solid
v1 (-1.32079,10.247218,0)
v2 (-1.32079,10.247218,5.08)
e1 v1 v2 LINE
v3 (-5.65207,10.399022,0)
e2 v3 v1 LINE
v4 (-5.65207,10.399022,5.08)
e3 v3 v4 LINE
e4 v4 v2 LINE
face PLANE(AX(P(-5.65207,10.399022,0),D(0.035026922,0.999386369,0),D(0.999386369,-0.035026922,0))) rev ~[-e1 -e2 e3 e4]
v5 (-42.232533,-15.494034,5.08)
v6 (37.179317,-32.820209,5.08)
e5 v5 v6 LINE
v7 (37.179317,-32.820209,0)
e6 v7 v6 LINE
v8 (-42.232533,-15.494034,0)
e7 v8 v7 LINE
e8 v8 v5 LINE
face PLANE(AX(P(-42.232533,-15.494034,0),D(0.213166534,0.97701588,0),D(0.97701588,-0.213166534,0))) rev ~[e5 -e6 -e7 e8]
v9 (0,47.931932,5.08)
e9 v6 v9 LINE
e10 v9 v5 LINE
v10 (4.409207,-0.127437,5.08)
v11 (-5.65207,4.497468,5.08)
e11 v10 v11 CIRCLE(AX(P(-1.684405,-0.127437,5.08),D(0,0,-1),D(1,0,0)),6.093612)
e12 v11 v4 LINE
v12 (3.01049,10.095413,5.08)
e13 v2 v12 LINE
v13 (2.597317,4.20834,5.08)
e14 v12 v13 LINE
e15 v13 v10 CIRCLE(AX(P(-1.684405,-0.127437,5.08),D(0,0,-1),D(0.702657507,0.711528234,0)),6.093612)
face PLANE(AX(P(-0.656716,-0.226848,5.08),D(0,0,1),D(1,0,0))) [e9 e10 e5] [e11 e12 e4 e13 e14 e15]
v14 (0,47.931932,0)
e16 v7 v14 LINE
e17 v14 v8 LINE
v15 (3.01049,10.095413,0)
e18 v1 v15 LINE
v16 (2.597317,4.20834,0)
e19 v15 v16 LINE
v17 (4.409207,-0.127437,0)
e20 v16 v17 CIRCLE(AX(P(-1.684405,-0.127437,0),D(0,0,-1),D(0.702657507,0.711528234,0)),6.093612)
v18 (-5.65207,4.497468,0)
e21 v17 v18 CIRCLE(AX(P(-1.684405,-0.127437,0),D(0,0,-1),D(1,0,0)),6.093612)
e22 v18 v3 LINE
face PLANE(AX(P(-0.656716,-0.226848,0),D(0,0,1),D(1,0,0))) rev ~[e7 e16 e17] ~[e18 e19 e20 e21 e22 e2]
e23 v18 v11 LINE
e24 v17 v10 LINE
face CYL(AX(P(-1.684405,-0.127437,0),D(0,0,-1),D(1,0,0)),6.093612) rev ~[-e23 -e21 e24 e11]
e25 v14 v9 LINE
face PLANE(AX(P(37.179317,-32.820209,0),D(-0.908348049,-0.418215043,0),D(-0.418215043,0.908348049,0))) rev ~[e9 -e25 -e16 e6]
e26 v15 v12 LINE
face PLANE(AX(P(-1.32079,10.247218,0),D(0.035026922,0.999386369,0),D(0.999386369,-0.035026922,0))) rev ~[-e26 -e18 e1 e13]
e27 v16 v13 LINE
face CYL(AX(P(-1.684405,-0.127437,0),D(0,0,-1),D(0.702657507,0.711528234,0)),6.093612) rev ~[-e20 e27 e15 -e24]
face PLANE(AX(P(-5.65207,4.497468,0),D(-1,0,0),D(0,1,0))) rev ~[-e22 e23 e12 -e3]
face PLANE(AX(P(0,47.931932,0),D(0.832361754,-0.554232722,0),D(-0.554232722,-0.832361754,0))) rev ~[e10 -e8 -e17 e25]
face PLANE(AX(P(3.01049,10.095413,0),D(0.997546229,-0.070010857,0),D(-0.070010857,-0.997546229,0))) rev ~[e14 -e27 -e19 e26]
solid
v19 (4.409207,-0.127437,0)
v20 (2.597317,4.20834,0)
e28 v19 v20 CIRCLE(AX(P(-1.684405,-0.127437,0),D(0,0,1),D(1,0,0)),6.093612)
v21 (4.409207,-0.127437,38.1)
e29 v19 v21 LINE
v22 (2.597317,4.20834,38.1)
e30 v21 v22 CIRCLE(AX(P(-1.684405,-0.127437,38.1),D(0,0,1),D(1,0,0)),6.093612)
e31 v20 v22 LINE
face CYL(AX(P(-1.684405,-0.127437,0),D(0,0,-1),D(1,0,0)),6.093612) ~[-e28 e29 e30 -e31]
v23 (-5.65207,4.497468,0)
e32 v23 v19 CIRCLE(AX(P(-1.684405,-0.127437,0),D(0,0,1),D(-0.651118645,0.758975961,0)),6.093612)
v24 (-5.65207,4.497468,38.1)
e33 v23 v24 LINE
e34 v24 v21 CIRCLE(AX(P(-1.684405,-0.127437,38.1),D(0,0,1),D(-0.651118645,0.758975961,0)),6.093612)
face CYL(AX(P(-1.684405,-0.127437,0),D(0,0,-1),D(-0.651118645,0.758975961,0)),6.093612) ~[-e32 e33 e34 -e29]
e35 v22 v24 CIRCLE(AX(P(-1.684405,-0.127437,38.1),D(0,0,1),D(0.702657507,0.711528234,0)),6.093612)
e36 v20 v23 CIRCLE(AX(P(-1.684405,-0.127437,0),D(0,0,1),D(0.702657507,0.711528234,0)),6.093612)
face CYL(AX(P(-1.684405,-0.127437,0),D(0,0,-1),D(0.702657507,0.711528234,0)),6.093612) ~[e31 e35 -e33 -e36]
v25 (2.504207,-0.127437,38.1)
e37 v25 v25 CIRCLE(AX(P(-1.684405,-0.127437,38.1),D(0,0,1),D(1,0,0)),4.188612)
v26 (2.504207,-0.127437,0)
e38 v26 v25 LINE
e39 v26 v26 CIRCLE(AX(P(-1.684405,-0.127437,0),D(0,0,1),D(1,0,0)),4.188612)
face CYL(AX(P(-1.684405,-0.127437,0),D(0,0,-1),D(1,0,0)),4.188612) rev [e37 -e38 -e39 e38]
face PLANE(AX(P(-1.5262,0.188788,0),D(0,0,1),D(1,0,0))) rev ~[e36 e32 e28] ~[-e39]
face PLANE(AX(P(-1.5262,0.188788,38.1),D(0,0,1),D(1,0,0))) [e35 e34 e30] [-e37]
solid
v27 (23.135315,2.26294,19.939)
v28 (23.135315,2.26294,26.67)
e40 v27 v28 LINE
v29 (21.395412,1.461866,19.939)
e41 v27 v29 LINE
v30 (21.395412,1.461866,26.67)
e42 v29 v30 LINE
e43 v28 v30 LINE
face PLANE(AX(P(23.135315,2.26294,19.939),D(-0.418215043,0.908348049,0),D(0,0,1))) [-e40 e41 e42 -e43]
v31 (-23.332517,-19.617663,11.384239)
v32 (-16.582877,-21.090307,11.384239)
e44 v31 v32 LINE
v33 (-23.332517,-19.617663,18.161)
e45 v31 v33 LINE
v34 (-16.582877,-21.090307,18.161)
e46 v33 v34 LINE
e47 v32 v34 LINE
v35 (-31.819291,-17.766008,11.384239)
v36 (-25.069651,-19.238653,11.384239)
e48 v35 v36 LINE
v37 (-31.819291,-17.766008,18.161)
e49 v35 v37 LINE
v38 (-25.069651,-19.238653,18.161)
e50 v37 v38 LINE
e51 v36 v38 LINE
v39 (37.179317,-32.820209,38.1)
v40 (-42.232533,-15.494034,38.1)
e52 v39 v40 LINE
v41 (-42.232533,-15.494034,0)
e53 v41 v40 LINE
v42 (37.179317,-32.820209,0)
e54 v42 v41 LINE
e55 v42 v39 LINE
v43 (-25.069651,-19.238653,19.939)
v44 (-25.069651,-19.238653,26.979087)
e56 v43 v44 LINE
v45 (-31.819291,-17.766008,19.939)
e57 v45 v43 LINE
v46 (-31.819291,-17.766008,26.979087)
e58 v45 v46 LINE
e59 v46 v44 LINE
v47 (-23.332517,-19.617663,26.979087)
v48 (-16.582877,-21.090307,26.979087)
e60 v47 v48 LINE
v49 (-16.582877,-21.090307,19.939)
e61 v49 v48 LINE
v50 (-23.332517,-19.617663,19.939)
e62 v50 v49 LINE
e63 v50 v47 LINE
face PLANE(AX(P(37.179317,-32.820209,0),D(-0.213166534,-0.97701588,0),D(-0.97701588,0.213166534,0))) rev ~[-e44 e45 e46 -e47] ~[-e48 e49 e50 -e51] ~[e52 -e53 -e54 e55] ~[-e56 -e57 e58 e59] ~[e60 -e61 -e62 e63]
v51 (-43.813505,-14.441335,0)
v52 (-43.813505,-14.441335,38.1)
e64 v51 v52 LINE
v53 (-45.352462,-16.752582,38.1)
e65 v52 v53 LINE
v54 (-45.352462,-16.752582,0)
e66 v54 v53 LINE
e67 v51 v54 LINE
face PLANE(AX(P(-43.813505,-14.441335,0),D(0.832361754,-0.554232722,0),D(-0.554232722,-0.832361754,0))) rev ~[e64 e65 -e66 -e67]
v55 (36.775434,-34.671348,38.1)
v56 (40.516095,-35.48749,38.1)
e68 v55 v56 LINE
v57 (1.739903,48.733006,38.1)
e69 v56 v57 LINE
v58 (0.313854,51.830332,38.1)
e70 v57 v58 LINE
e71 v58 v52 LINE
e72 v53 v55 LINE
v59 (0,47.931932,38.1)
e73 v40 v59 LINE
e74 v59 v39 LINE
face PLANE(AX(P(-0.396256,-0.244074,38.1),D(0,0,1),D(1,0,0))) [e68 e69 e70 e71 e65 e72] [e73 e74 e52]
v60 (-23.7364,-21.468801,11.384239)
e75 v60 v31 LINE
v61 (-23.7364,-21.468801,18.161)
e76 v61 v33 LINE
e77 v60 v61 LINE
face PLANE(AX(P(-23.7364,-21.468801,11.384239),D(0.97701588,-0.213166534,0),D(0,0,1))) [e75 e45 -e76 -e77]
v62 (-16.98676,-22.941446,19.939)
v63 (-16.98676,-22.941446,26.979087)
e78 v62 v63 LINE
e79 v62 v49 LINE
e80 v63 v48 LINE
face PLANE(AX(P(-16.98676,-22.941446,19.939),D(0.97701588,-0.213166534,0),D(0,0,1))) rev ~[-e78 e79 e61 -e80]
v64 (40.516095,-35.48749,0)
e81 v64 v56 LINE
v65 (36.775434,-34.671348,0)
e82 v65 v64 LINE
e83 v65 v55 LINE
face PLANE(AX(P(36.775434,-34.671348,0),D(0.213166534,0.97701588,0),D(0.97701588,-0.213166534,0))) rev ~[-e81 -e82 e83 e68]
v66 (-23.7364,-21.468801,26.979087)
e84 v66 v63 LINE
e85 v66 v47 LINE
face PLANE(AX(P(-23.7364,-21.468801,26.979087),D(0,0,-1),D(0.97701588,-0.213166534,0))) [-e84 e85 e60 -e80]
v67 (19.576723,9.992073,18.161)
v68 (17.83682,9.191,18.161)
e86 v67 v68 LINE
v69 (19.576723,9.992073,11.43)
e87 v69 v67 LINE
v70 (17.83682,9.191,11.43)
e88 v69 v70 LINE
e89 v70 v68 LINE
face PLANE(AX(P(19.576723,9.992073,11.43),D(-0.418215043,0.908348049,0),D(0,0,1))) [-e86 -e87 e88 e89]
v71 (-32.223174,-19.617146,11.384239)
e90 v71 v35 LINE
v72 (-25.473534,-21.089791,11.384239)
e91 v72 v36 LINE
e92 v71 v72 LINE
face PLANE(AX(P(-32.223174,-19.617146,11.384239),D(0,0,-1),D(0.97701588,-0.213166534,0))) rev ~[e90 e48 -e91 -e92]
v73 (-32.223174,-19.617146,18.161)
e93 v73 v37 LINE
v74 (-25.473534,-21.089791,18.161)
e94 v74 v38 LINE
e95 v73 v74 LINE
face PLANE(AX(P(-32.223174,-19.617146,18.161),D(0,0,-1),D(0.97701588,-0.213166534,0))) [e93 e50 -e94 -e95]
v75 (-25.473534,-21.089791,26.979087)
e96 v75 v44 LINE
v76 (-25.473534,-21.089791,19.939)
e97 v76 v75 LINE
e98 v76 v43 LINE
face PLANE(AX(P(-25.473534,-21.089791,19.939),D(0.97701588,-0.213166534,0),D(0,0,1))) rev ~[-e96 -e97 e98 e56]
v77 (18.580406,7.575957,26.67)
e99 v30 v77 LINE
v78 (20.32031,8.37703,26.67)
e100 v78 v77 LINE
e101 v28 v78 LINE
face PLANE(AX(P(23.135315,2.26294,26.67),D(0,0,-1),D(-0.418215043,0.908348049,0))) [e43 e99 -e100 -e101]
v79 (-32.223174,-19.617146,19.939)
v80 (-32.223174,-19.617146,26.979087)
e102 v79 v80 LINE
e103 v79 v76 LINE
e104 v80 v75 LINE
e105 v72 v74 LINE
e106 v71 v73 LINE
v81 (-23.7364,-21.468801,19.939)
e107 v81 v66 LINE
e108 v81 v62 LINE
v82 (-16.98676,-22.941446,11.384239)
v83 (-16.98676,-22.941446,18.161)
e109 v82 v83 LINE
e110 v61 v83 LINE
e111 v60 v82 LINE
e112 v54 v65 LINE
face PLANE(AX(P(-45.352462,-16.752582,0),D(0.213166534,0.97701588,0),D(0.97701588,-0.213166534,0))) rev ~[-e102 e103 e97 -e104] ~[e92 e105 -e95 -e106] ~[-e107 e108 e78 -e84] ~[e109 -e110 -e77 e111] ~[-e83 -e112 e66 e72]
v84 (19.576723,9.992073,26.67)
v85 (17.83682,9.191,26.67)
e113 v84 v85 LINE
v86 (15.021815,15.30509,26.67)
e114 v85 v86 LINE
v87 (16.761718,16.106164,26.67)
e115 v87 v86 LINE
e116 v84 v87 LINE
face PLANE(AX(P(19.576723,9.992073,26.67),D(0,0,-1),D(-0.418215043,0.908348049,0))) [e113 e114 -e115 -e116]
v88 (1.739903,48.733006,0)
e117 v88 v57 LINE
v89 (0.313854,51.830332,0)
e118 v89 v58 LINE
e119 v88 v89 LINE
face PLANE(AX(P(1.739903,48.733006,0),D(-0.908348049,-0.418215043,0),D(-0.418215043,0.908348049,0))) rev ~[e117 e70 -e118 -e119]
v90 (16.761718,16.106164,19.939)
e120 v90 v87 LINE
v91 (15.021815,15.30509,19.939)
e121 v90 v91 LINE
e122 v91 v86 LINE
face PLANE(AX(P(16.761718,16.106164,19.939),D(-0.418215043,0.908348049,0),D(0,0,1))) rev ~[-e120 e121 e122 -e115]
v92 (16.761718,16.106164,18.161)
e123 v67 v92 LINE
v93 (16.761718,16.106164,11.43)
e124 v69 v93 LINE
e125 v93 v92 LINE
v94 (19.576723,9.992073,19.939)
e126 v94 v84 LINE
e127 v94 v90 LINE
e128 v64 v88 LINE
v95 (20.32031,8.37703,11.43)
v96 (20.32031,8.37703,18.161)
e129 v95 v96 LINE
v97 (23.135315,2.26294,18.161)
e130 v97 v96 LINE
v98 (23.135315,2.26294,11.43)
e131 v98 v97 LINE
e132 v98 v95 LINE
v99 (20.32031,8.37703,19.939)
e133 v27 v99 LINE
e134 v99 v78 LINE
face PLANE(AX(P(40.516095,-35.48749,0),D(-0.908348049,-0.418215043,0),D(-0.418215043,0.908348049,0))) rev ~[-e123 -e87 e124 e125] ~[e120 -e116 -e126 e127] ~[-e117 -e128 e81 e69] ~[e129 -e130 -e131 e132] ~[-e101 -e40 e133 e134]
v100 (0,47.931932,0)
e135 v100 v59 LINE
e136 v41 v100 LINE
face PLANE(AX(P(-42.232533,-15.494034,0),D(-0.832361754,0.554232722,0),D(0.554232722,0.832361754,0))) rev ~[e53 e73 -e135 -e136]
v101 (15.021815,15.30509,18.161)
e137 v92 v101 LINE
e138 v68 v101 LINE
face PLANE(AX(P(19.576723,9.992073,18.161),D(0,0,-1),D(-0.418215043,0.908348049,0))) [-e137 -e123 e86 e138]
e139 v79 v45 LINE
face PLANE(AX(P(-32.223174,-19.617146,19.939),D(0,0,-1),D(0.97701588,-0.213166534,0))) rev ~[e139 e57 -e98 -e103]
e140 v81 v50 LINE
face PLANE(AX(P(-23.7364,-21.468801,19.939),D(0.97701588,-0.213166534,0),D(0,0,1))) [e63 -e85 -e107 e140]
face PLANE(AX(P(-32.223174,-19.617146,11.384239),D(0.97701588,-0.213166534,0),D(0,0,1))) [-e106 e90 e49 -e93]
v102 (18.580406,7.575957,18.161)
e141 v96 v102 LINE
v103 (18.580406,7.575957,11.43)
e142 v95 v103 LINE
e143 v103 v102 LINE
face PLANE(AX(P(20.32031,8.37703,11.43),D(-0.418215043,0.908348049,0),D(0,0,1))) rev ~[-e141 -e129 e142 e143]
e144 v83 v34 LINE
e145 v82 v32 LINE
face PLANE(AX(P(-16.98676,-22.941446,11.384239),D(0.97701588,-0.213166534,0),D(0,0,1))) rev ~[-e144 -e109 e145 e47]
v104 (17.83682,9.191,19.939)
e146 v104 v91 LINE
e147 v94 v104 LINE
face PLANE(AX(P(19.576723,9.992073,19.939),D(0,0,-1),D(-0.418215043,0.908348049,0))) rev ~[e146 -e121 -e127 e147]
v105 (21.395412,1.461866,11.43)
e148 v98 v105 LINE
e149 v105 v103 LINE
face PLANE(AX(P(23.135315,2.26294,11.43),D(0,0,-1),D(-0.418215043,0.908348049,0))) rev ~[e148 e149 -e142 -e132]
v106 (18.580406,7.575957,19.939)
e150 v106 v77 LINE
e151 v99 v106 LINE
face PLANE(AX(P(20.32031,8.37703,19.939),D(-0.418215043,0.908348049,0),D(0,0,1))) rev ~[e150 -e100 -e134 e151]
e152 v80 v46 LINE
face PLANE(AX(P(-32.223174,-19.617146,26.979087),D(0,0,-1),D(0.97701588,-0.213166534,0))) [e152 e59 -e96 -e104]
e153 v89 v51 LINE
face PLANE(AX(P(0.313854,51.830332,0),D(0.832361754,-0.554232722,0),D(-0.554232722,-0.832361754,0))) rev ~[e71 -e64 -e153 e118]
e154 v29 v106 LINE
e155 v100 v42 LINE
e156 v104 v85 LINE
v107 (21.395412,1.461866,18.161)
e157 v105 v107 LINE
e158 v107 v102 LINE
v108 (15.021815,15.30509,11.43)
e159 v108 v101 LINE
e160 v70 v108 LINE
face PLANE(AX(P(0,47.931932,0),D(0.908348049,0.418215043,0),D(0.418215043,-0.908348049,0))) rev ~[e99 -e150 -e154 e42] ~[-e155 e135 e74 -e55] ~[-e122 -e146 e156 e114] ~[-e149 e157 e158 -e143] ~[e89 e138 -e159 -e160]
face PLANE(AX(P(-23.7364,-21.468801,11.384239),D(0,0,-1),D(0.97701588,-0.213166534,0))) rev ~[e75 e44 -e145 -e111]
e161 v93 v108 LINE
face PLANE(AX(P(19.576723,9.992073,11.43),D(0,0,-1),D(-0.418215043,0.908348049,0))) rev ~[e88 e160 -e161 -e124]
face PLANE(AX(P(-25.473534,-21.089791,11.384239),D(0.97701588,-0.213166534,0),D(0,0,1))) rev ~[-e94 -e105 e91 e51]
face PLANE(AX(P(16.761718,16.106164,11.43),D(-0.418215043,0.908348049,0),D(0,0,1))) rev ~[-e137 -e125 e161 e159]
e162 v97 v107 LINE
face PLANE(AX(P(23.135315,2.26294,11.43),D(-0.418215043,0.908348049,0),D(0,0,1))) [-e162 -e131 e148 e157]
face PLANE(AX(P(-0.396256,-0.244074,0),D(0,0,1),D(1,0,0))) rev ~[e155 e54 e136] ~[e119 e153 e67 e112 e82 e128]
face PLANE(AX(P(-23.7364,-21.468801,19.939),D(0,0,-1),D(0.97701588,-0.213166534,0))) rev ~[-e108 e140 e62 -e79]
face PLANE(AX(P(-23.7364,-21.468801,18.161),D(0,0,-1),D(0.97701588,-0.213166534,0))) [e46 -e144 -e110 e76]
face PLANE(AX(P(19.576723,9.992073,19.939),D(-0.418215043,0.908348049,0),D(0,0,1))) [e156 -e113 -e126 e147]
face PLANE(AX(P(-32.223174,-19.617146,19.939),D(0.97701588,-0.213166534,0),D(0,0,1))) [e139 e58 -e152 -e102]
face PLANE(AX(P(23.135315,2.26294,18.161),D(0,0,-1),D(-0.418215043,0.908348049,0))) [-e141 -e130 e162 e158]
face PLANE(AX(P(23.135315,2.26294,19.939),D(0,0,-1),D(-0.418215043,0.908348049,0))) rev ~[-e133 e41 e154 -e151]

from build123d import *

# Parameters (mm, degrees)
F1_DEPTH = 38.1
F0_R     = 4.1886124366
F2_DEPTH = 5.08
F3_W     = 6.9084239401
F3_H     = 7.0400872709
F3_H_2   = 6.7767606093
F4_DEPTH = 1.905
F5_W     = 6.731
F5_H     = 6.731
F6_DEPTH = 2.54


with BuildPart() as f1:
    # F0 (on Top) → F1 (new body)
    with BuildSketch(Plane.XY):
        Polygon((0.3138544264, 51.8303324458), (-43.813505187, -14.4413347066), (-45.3524620612, -16.7525819378), (36.7754336205, -34.671347872), (40.5160950538, -35.4874900135), (1.7399032001, 48.7330057371), align=None)
        Polygon((-42.2325333996, -15.4940335989), (0, 47.9319320828), (37.1793172874, -32.8202094742), align=None, mode=Mode.SUBTRACT)
    extrude(amount=F1_DEPTH)

    # F3 (on face) → F4 (cut)
    with BuildSketch(Plane(origin=(-5.5498260355, -25.4367703319, 0), x_dir=(0.9770158795, -0.2131665339, 0), z_dir=(-0.2131665339, -0.9770158795, 0))):
        with Locations((-23.8466220251, 23.4590436355)):
            Rectangle(F3_W, F3_H)
        with Locations((-23.8466220251, 14.7726196953)):
            Rectangle(F3_W, F3_H_2)
        with Locations((-15.1601980849, 14.7726196953)):
            Rectangle(F3_W, F3_H_2)
        with Locations((-15.1601980849, 23.4590436355)):
            Rectangle(F3_W, F3_H)
    extrude(amount=-F4_DEPTH, mode=Mode.SUBTRACT)

    # F5 (on face) → F6 (cut)
    with BuildSketch(Plane(origin=(19.9485164965, 9.1845517647, 0), x_dir=(-0.4182150426, 0.908348049, 0), z_dir=(0.908348049, 0.4182150426, 0))):
        with Locations((-4.2545, 23.3045)):
            Rectangle(F5_W, F5_H)
        with Locations((-4.2545, 14.7955)):
            Rectangle(F5_W, F5_H)
        with Locations((4.2545, 14.7955)):
            Rectangle(F5_W, F5_H)
        with Locations((4.2545, 23.3045)):
            Rectangle(F5_W, F5_H)
    extrude(amount=-F6_DEPTH, mode=Mode.SUBTRACT)


with BuildPart() as f1b:
    # F0 (on Top) → F1, piece 2 (new body)
    with BuildSketch(Plane.XY):
        with BuildLine():
            ThreePointArc((-5.6520700455, 4.4974683597), (-4.2294693897, -5.6641112392), (4.4092070658, -0.1274369968))
            ThreePointArc((4.4092070658, -0.1274369968), (3.9380171559, 2.222132636), (2.5973171511, 4.2083403007))
            ThreePointArc((2.5973171511, 4.2083403007), (-1.4709648838, 5.9624362109), (-5.6520700455, 4.4974683597))
        make_face()
        with Locations((-1.6844053707, -0.1274369968)):
            Circle(F0_R, mode=Mode.SUBTRACT)
    extrude(amount=F1_DEPTH)


with BuildPart() as f2:
    # F0 (on Top) → F2 (new body)
    with BuildSketch(Plane.XY):
        Polygon((37.1793172874, -32.8202094742), (0, 47.9319320828), (-42.2325333996, -15.4940335989), align=None)
        with BuildLine():
            ThreePointArc((2.5973171511, 4.2083403007), (3.9380171559, 2.222132636), (4.4092070658, -0.1274369968))
            ThreePointArc((4.4092070658, -0.1274369968), (-4.2294693897, -5.6641112392), (-5.6520700455, 4.4974683597))
            Line((-5.6520700455, 4.4974683597), (-5.6520700455, 10.3990221396))
            Line((-5.6520700455, 10.3990221396), (-1.3207900295, 10.2472175808))
            Line((-1.3207900295, 10.2472175808), (3.0104899866, 10.0954130219))
            Line((3.0104899866, 10.0954130219), (2.5973171511, 4.2083403007))
        make_face(mode=Mode.SUBTRACT)
    extrude(amount=F2_DEPTH)


solid = Compound([f1.part, f1b.part, f2.part])
